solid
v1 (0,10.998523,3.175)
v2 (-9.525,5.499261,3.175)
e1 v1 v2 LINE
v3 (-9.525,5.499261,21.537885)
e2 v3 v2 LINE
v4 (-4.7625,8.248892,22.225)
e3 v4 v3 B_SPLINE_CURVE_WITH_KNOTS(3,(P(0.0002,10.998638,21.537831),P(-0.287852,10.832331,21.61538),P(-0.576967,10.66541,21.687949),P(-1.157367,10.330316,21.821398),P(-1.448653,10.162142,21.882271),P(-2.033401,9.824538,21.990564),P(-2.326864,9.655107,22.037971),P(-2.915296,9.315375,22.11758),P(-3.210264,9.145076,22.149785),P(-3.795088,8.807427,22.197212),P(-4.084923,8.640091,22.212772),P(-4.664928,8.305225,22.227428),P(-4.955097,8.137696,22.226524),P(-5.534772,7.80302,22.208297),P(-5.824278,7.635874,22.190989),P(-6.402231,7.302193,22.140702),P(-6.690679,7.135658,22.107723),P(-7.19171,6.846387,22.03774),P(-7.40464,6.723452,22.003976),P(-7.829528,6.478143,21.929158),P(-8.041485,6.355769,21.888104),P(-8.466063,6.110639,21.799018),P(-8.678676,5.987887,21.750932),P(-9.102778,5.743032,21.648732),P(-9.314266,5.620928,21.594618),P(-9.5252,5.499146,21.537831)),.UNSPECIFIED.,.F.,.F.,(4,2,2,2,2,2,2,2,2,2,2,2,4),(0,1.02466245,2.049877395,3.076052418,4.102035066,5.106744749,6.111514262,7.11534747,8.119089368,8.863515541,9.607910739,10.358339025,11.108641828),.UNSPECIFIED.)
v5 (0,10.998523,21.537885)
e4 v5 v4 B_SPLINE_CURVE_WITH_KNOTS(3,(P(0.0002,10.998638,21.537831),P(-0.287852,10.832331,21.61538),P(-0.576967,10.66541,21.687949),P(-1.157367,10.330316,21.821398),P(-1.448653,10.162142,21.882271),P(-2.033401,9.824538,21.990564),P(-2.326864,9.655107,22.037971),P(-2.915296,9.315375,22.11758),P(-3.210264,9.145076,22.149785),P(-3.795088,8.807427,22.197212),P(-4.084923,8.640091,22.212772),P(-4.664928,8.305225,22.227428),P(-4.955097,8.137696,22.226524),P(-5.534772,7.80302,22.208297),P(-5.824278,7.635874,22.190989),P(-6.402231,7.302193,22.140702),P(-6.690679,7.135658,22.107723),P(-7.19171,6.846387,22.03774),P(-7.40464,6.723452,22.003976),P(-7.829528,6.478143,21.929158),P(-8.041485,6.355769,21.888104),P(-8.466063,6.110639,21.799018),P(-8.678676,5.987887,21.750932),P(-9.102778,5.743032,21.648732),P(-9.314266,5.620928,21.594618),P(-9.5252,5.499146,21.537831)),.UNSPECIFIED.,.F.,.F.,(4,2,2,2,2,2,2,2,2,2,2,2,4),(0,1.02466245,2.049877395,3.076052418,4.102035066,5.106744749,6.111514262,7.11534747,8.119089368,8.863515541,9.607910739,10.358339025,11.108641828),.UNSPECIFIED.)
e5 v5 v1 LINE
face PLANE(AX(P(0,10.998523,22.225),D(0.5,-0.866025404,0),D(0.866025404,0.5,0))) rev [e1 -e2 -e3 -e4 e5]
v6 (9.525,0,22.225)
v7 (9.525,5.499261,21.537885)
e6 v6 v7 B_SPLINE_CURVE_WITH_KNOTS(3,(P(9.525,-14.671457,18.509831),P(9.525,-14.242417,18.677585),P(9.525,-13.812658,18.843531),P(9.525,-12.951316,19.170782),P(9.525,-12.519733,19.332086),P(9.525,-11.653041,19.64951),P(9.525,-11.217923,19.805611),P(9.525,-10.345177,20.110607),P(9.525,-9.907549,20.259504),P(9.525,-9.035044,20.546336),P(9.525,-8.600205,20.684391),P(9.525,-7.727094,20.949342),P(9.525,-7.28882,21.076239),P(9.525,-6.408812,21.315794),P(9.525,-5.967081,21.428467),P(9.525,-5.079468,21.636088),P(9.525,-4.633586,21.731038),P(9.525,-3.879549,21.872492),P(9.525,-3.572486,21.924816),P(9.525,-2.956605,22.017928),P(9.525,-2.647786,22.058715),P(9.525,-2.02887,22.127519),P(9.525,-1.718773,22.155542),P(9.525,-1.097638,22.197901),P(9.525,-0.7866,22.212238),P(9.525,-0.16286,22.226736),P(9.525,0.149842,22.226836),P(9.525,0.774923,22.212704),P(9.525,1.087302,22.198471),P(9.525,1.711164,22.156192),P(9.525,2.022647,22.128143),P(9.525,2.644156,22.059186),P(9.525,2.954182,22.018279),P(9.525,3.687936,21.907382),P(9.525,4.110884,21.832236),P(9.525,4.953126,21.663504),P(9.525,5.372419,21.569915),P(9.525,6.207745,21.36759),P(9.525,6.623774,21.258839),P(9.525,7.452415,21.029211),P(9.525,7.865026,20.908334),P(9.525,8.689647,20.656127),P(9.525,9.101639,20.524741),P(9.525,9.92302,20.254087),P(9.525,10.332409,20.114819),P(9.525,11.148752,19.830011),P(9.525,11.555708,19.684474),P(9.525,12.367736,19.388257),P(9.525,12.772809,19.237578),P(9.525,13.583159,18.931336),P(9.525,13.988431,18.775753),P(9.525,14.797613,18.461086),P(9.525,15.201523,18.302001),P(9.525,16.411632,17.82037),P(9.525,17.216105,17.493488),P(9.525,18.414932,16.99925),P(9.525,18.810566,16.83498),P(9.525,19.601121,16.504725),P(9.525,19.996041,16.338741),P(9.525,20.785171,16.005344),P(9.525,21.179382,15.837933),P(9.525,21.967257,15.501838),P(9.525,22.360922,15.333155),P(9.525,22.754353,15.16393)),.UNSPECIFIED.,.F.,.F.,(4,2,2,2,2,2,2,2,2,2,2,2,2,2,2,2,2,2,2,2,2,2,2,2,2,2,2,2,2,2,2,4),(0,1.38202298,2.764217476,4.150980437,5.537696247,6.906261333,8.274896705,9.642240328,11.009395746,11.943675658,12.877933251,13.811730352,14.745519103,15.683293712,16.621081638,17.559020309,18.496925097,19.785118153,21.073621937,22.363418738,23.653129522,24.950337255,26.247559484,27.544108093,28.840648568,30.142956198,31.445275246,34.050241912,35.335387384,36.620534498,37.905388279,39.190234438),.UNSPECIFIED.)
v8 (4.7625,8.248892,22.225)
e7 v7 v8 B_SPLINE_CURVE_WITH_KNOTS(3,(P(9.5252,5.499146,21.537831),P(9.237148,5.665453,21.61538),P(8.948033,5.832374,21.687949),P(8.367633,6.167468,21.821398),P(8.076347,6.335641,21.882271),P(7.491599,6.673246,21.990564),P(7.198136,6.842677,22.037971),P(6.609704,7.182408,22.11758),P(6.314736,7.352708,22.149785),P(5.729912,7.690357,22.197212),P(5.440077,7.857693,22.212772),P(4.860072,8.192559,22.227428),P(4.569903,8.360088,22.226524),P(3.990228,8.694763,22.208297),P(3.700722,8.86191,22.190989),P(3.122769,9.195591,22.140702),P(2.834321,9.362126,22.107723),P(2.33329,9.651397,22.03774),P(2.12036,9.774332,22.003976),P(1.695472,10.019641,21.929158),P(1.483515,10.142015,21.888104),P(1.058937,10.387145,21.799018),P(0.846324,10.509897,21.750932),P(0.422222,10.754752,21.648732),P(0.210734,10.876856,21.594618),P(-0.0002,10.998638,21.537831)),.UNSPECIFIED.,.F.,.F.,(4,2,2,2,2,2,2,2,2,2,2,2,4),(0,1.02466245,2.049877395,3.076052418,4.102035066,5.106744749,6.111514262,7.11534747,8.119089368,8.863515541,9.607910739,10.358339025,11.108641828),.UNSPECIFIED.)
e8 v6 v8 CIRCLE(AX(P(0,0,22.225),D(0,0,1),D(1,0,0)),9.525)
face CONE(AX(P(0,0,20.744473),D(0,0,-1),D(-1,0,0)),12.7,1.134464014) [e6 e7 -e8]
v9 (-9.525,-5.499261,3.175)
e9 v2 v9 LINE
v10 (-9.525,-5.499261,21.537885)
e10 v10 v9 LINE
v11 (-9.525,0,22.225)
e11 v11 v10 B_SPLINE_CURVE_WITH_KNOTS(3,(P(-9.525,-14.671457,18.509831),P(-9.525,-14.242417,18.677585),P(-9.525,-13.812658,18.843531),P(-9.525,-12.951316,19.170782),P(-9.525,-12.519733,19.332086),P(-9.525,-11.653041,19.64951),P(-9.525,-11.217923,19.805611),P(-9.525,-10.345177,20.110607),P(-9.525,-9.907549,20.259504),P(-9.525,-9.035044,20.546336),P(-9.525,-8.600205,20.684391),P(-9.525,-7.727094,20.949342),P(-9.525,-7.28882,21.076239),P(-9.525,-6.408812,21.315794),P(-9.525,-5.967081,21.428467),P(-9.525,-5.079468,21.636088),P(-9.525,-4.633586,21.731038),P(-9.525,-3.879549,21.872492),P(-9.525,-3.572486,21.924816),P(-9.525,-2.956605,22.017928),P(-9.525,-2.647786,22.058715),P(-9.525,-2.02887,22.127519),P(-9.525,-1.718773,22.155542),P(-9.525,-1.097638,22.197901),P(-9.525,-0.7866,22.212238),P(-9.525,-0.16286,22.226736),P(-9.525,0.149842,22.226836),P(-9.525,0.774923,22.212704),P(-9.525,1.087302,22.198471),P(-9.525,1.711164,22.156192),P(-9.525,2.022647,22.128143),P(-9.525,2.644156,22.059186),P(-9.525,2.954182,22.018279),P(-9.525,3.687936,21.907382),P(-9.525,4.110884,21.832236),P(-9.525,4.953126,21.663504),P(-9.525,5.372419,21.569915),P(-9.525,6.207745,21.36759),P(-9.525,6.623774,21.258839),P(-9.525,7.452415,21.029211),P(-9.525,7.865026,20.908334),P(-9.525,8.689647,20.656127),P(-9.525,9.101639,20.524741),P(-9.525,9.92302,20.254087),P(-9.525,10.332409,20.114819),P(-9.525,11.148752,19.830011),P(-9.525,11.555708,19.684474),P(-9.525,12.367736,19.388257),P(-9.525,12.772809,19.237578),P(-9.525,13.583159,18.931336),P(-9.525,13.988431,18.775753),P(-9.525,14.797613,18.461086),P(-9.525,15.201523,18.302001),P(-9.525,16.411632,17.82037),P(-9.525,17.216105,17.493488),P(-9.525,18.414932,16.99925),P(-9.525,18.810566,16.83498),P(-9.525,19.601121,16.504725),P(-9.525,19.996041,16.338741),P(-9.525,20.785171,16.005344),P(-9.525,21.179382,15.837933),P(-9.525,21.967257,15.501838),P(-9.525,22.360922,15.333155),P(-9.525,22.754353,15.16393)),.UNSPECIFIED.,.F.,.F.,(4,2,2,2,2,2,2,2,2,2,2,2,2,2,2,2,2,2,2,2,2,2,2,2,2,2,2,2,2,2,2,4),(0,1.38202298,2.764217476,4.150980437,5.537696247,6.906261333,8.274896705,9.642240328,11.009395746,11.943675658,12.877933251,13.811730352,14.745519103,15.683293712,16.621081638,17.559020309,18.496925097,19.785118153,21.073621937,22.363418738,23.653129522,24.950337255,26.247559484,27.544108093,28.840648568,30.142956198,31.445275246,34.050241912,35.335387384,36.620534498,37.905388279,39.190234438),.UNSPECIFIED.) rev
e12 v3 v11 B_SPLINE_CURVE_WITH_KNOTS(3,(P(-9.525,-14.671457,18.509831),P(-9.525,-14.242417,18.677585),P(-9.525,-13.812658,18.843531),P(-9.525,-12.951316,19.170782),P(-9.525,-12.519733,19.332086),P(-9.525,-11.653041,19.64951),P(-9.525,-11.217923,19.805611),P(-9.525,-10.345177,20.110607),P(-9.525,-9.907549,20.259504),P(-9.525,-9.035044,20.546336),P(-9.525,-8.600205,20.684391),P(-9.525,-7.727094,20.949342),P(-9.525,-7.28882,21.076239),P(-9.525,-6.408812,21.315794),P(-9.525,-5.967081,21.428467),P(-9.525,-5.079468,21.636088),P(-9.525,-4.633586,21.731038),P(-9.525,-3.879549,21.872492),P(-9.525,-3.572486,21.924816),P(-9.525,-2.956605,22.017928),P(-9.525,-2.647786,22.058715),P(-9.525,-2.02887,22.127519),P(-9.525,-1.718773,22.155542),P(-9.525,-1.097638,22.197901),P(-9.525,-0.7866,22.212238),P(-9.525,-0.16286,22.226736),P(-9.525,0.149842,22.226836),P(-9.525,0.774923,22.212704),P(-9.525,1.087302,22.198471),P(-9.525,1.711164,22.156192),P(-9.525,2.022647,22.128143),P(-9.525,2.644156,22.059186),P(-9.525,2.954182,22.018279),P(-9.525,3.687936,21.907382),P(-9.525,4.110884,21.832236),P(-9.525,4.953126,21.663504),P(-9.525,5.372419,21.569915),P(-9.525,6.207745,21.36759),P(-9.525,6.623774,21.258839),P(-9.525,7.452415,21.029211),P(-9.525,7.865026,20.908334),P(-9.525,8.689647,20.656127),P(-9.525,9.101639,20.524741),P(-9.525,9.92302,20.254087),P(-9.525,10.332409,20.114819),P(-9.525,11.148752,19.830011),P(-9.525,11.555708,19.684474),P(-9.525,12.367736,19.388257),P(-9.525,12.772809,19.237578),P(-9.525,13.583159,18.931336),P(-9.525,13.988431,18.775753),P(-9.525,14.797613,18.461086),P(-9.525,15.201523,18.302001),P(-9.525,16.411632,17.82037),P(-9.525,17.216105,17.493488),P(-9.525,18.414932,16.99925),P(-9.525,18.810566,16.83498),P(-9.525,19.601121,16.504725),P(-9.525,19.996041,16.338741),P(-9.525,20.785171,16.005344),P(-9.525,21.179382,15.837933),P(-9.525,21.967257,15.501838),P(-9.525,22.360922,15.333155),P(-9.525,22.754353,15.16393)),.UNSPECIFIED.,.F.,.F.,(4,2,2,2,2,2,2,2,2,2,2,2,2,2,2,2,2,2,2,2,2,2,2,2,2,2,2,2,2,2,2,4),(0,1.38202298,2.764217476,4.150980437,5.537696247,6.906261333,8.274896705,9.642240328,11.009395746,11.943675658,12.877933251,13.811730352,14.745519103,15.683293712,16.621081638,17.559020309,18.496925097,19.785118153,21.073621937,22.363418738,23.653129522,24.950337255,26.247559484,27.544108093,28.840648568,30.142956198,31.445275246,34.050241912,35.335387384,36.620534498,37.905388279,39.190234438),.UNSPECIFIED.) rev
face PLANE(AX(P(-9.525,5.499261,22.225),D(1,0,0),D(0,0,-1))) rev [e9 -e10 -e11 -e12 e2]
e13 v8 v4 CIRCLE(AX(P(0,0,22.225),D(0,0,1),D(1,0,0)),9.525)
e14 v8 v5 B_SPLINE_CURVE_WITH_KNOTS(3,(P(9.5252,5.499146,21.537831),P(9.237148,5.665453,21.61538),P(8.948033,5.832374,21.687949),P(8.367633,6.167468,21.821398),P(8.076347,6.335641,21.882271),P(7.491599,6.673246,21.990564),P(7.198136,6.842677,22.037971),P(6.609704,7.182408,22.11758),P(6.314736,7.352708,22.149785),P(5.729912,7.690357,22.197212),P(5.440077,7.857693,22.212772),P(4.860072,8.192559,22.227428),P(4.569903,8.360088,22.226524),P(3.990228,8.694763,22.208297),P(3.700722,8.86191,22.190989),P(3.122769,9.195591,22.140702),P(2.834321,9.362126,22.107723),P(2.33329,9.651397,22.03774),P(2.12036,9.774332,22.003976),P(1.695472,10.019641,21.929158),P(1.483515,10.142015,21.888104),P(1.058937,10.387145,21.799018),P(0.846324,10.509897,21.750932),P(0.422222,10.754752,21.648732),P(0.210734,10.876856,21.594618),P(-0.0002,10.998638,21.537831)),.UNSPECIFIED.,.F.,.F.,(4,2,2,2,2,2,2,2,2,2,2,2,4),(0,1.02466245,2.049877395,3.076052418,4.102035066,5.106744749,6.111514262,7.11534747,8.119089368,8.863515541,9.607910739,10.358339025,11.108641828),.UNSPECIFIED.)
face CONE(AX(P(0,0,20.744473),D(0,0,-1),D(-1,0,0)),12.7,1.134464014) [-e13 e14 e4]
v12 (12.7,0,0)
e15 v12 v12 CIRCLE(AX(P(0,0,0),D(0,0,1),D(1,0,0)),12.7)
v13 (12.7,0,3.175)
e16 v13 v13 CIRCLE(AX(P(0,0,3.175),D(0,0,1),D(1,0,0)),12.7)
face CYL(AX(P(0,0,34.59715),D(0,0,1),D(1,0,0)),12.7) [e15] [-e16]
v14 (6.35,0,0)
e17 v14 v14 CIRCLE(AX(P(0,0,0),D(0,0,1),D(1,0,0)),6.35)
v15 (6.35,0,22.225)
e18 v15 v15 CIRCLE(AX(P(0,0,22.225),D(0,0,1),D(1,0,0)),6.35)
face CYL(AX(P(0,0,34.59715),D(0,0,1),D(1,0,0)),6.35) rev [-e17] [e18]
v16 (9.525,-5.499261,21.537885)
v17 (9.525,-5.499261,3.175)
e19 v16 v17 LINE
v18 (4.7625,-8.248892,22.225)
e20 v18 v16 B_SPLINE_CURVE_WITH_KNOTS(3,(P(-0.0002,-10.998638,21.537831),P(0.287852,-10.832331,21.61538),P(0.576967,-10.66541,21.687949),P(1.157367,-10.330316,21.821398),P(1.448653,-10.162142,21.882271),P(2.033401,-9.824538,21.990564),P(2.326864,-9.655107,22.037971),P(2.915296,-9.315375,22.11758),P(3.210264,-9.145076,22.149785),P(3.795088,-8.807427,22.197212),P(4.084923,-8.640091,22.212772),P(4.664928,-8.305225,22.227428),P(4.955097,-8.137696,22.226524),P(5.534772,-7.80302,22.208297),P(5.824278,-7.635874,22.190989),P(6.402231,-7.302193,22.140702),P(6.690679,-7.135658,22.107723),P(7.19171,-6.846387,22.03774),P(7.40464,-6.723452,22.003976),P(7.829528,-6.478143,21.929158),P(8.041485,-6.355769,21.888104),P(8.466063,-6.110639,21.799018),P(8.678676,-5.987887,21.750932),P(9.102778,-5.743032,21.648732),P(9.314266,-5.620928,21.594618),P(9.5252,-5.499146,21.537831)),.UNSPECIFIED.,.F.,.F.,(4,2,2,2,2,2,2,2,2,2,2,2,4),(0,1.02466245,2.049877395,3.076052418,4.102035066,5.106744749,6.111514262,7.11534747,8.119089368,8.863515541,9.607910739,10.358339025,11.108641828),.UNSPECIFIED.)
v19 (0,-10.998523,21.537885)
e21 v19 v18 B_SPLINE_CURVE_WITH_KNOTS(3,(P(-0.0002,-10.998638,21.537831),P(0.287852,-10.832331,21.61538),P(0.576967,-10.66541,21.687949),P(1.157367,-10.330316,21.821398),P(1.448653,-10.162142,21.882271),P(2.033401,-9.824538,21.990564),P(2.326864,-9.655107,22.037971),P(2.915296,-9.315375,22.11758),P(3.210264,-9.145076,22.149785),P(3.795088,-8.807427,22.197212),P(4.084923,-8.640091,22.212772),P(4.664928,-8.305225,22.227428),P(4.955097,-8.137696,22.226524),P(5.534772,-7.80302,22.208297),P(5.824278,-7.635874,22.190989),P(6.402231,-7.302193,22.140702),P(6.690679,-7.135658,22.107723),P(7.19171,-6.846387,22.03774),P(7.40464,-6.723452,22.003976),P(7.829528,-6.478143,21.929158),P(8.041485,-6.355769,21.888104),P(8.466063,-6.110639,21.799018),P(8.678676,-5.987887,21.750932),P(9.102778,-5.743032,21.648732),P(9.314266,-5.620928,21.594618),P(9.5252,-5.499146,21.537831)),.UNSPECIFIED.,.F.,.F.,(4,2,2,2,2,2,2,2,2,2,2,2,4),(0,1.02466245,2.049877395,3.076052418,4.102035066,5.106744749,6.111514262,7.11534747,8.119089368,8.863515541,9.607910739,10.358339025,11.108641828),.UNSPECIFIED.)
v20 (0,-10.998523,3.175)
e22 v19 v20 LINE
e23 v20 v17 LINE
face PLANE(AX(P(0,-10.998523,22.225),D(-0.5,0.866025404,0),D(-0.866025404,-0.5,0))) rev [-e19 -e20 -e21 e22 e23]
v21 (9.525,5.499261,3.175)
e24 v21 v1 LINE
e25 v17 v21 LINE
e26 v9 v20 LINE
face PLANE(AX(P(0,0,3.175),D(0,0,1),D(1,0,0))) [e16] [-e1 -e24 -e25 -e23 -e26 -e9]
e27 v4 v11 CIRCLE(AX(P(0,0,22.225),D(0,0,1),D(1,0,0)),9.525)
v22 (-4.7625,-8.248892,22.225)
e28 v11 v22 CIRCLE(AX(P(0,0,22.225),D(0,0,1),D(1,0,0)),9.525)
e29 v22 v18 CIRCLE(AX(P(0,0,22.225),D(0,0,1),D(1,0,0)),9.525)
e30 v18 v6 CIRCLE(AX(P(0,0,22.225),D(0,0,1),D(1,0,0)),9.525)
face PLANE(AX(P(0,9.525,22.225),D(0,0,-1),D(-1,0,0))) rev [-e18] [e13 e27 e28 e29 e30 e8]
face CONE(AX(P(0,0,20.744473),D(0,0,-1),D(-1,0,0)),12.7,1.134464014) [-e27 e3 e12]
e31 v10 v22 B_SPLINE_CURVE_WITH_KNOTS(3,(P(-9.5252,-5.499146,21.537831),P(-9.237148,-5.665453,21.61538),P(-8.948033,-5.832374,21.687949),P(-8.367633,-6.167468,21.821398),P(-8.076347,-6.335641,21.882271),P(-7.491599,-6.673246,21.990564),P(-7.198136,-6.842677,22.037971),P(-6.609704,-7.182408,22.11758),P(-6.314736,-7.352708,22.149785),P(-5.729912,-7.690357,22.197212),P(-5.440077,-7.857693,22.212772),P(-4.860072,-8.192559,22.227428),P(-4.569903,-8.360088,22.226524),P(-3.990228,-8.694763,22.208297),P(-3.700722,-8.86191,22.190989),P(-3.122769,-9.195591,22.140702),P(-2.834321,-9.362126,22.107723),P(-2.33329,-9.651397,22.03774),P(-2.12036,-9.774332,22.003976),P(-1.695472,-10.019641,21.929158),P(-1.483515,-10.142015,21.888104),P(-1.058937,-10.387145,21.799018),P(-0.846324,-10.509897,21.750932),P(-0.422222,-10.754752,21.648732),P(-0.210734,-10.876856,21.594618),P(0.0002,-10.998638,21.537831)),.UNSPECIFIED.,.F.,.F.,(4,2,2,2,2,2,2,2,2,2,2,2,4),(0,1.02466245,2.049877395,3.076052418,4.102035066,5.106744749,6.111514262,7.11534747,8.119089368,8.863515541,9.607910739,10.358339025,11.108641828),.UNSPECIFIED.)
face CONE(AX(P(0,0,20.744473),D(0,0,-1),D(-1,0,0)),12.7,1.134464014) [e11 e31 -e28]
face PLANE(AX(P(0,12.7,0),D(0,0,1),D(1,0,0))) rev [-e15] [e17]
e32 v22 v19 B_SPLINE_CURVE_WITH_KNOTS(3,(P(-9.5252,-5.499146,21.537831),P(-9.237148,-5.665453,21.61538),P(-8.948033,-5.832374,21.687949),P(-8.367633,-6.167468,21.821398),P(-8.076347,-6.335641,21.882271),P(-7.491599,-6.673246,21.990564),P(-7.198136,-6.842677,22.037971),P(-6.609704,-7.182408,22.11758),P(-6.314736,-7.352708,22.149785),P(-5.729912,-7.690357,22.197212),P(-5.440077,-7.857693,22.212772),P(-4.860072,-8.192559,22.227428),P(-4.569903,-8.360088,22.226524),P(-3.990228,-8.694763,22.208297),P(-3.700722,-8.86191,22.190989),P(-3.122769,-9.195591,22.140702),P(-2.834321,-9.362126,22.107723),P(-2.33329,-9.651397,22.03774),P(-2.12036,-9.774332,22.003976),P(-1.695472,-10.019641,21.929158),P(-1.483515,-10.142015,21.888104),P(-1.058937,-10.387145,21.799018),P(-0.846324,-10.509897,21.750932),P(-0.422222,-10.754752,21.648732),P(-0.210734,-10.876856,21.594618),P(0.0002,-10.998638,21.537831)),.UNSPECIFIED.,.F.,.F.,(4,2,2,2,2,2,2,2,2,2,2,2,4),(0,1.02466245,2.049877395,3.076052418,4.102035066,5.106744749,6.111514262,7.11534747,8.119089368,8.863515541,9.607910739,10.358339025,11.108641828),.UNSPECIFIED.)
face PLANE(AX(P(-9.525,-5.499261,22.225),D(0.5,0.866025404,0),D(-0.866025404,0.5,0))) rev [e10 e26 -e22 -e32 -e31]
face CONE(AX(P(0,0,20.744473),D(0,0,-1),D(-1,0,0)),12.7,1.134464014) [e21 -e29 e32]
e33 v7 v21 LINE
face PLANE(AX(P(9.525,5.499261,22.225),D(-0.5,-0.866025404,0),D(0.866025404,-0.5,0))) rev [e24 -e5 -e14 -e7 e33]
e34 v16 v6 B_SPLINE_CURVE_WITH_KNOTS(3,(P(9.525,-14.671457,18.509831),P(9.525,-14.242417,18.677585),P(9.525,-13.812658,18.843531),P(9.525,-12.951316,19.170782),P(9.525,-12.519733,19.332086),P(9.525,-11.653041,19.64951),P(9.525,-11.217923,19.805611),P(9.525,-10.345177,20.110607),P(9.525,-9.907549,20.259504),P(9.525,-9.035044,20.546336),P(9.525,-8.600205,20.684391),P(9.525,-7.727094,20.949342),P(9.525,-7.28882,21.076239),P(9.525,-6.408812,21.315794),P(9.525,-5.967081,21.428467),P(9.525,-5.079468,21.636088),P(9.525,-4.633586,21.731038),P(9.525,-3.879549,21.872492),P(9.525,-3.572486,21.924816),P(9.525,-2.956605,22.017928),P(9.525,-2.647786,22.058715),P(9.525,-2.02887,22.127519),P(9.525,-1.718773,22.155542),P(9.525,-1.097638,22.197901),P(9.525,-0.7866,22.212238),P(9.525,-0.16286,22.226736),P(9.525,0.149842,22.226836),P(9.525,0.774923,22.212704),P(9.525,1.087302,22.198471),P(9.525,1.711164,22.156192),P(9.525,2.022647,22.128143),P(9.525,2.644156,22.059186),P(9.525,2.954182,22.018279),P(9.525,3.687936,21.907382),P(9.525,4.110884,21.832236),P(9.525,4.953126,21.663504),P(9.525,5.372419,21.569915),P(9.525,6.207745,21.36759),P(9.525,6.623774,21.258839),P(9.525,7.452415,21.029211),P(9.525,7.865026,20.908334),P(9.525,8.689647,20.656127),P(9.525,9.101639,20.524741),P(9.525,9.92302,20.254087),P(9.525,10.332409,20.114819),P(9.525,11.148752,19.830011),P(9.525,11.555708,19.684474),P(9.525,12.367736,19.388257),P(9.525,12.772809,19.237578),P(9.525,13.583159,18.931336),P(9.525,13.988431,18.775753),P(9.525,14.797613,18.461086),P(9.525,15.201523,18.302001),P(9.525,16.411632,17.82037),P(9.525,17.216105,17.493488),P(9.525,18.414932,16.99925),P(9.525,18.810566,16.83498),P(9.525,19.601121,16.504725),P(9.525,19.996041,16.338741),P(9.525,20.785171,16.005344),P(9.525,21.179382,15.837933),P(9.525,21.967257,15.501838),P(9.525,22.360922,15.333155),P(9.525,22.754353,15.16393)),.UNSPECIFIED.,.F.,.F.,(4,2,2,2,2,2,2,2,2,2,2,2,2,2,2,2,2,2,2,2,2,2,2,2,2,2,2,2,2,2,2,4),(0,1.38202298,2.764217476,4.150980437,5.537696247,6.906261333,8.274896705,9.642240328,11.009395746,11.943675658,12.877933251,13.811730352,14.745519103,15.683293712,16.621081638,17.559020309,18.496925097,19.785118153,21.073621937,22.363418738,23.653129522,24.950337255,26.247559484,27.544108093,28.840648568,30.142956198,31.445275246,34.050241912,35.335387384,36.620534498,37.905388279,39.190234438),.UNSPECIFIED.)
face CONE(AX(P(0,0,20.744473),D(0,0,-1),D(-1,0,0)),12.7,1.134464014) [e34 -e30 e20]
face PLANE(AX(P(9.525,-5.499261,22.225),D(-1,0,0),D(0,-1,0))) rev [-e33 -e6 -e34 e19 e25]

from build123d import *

# Parameters (mm, degrees)
CUT_HEX_START     = 3.175
SKETCH2_OUTSIDE_W = 35.848
SKETCH2_OUTSIDE_H = 35.848
CUT_HEX_DEPTH     = 26.4


with BuildPart() as part:
    # Sketch1 → Revolve1 (revolve)
    with BuildSketch(Plane(origin=(0, 0, 0), x_dir=(0, 0, -1), z_dir=(1, 0, 0))):
        Polygon((-20.744473185, 12.7), (0, 12.7), (0, 6.35), (-22.225, 6.35), (-22.225, 9.525), align=None)
    revolve(axis=Axis((0, 0, 34.597150245), (0, 0, -1)))

    # Sketch2 outside → Cut-HEX (cut, through all)
    with BuildSketch(Plane.XY.offset(CUT_HEX_START)):
        Rectangle(SKETCH2_OUTSIDE_W, SKETCH2_OUTSIDE_H)
        Polygon((9.525, -5.499261314), (9.525, 5.499261314), (0, 10.998522628), (-9.525, 5.499261314), (-9.525, -5.499261314), (0, -10.998522628), align=None, mode=Mode.SUBTRACT)
    extrude(amount=CUT_HEX_DEPTH, mode=Mode.SUBTRACT)


solid = part.part
